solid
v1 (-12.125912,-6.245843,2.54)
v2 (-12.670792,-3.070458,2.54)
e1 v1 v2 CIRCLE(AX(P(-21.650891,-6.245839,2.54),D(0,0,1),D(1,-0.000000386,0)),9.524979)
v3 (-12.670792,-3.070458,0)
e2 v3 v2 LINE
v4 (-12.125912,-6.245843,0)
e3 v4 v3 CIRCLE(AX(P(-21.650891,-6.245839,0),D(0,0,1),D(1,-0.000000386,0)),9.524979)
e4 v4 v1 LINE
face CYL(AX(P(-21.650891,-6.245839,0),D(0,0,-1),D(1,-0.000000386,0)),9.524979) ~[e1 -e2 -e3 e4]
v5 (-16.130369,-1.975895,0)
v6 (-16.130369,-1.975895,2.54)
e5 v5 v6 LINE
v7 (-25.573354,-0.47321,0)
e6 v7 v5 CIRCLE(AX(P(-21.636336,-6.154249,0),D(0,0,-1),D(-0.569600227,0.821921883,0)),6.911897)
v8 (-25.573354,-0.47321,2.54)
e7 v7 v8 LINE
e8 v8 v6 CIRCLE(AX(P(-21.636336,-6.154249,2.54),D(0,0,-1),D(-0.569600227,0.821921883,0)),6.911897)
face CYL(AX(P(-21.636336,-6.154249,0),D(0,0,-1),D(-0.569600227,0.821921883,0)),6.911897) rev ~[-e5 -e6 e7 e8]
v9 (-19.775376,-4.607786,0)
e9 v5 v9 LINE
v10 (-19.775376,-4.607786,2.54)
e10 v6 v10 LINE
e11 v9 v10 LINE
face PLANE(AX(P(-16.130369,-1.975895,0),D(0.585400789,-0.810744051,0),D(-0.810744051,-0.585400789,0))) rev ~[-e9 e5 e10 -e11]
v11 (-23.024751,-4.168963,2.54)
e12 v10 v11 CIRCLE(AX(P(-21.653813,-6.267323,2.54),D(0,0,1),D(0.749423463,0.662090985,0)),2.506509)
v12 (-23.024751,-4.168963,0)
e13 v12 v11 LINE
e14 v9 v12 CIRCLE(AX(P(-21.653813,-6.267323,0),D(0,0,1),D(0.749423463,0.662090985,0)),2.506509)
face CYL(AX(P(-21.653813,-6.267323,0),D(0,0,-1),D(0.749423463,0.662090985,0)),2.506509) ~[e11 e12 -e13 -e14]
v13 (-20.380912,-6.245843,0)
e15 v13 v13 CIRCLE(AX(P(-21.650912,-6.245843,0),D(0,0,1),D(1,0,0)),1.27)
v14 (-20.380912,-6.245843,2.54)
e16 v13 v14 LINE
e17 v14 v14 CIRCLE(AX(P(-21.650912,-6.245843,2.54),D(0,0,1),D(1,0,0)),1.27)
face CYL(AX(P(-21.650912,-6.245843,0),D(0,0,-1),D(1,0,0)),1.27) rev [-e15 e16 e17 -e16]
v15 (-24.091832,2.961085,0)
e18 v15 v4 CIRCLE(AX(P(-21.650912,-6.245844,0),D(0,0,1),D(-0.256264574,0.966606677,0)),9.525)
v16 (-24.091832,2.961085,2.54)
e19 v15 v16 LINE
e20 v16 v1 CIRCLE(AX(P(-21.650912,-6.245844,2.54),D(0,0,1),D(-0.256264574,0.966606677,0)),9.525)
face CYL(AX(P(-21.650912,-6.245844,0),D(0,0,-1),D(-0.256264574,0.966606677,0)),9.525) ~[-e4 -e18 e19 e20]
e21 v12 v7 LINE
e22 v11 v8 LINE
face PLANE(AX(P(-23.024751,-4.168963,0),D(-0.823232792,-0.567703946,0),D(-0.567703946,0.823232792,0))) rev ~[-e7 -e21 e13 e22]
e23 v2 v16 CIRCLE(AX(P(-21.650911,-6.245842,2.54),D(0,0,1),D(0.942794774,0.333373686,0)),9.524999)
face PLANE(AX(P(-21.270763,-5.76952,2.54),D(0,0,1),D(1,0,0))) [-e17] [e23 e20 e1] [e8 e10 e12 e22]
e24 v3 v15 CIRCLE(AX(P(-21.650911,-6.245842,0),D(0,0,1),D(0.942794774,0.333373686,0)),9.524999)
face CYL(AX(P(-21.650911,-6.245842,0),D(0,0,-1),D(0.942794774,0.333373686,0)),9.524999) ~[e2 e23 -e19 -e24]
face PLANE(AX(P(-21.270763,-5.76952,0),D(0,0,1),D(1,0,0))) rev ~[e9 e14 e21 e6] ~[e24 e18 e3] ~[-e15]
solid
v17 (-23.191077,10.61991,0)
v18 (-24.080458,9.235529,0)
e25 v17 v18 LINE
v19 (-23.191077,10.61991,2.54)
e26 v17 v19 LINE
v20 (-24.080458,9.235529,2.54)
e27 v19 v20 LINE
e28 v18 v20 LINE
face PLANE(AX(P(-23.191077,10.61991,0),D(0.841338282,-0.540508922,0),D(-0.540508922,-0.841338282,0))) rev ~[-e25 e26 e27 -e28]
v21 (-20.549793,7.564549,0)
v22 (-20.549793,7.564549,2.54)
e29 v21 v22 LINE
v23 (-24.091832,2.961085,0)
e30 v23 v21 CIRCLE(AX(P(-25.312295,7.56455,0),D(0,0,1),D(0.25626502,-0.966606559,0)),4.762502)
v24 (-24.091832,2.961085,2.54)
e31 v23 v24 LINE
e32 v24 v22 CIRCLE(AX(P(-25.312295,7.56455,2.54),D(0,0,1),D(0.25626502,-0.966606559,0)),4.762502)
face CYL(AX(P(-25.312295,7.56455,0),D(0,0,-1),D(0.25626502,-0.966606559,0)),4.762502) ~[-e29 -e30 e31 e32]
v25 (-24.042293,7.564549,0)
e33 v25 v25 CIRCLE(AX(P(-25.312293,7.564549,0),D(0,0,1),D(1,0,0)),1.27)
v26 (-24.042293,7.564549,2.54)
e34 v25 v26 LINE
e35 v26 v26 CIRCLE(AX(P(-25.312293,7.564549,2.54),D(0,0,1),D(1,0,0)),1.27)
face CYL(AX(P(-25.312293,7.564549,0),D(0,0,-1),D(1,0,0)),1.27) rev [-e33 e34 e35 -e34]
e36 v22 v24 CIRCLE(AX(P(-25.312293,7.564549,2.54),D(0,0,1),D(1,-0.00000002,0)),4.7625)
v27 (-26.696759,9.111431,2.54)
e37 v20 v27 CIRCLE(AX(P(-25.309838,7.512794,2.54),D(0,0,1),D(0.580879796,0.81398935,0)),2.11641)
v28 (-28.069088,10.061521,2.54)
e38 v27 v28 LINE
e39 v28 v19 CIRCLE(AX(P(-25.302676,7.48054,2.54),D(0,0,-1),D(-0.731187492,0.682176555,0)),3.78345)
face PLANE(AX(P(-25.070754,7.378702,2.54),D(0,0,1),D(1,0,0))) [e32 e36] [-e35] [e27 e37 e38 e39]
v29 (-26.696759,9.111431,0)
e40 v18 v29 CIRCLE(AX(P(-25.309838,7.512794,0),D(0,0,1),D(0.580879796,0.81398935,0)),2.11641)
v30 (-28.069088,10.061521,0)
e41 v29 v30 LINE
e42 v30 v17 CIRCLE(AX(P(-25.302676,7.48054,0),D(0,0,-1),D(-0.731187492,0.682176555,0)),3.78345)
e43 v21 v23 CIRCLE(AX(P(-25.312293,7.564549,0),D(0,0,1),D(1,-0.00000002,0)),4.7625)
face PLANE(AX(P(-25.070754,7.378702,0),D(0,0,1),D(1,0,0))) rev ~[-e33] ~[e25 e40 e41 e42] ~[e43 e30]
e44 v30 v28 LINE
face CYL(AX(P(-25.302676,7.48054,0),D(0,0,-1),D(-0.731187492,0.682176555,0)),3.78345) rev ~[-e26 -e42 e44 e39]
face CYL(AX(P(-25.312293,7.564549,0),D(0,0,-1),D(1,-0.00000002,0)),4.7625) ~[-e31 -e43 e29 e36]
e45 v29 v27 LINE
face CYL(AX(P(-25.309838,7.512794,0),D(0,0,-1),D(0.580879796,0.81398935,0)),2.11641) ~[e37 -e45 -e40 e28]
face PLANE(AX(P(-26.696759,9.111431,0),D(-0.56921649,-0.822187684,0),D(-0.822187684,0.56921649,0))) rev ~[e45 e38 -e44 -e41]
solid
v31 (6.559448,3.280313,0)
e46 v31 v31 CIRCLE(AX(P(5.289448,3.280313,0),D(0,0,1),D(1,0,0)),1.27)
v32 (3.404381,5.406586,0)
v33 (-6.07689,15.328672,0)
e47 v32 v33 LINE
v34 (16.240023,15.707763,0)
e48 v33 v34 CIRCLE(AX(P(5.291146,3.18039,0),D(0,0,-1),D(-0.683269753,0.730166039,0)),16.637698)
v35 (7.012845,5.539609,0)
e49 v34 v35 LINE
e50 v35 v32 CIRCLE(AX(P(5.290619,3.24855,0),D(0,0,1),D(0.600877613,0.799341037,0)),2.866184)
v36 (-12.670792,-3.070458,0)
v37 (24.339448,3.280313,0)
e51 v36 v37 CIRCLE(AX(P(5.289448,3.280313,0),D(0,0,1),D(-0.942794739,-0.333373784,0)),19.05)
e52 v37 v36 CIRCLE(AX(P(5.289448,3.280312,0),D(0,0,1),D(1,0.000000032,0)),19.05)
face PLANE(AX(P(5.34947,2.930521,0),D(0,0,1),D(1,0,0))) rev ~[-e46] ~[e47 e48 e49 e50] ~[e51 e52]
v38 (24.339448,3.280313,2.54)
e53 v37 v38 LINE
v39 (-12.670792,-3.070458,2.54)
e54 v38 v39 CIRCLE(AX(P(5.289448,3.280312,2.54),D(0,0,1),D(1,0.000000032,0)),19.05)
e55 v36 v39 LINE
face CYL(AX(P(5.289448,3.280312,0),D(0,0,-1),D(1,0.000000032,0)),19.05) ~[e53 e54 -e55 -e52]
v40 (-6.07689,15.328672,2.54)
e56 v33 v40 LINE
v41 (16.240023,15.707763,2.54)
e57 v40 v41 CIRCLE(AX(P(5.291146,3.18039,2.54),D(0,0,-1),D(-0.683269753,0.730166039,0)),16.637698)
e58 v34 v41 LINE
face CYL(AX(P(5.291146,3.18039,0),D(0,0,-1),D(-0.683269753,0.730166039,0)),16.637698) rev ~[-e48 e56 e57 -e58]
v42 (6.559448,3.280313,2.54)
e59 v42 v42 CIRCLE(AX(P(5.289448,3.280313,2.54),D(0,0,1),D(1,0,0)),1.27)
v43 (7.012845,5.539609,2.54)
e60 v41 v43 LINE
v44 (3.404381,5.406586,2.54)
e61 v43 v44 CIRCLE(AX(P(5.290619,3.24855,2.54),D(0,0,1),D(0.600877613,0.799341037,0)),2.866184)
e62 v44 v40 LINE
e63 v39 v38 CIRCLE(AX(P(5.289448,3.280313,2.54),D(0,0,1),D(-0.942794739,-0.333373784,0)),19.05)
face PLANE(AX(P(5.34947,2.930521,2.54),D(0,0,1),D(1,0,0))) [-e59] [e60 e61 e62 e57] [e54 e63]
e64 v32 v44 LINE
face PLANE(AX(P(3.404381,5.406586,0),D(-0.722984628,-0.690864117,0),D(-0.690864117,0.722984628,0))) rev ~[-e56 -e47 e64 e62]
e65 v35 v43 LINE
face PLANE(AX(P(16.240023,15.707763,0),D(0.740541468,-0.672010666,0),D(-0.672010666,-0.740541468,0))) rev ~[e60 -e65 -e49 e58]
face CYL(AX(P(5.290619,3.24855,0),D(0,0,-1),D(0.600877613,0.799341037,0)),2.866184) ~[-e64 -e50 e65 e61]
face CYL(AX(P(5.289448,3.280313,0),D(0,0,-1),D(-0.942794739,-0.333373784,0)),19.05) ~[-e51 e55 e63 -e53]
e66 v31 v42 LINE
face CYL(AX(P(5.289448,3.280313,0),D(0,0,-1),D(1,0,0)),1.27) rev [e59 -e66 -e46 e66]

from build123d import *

# Parameters (mm, degrees)
F0_R     = 1.27
F1_DEPTH = 2.54


with BuildPart() as f1:
    # F0 (on Top) → F1 (new body)
    with BuildSketch(Plane.XY):
        with BuildLine():
            ThreePointArc((-20.549793, 7.564549), (-29.086803, 10.468767), (-24.091832, 2.961085))
            ThreePointArc((-24.091832, 2.961085), (-21.537783, 4.660332), (-20.549793, 7.564549))
        make_face()
        with Locations((-25.312293, 7.564549)):
            Circle(F0_R, mode=Mode.SUBTRACT)
        with BuildLine():
            Line((-26.696759, 9.111431), (-28.069088, 10.061521))
            ThreePointArc((-28.069088, 10.061521), (-25.73296, 11.239443), (-23.191077, 10.61991))
            Line((-23.191077, 10.61991), (-24.080458, 9.235529))
            ThreePointArc((-24.080458, 9.235529), (-25.410112, 9.626827), (-26.696759, 9.111431))
        make_face(mode=Mode.SUBTRACT)
        with BuildLine():
            ThreePointArc((-24.091832, 2.961085), (-27.459348, -13.794863), (-12.125912, -6.245843))
            ThreePointArc((-12.125912, -6.245843), (-12.26312, -4.634945), (-12.670792, -3.070458))
            ThreePointArc((-12.670792, -3.070458), (-17.20286, 2.176773), (-24.091832, 2.961085))
        make_face()
        with Locations((-21.650912, -6.245843)):
            Circle(F0_R, mode=Mode.SUBTRACT)
        with BuildLine():
            Line((-23.024751, -4.168963), (-25.573354, -0.47321))
            ThreePointArc((-25.573354, -0.47321), (-20.550097, 0.67176), (-16.130369, -1.975895))
            Line((-16.130369, -1.975895), (-19.775376, -4.607786))
            ThreePointArc((-19.775376, -4.607786), (-21.318358, -3.783363), (-23.024751, -4.168963))
        make_face(mode=Mode.SUBTRACT)
        with BuildLine():
            ThreePointArc((24.339448, 3.280313), (2.067653, 22.055896), (-12.670792, -3.070458))
            ThreePointArc((-12.670792, -3.070458), (8.511243, -15.495271), (24.339448, 3.280313))
        make_face()
        with Locations((5.289448, 3.280313)):
            Circle(F0_R, mode=Mode.SUBTRACT)
        with BuildLine():
            Line((3.404381, 5.406586), (-6.07689, 15.328672))
            ThreePointArc((-6.07689, 15.328672), (5.008566, 19.815688), (16.240023, 15.707763))
            Line((16.240023, 15.707763), (7.012845, 5.539609))
            ThreePointArc((7.012845, 5.539609), (5.185031, 6.112789), (3.404381, 5.406586))
        make_face(mode=Mode.SUBTRACT)
    extrude(amount=F1_DEPTH)


solid = f1.part
